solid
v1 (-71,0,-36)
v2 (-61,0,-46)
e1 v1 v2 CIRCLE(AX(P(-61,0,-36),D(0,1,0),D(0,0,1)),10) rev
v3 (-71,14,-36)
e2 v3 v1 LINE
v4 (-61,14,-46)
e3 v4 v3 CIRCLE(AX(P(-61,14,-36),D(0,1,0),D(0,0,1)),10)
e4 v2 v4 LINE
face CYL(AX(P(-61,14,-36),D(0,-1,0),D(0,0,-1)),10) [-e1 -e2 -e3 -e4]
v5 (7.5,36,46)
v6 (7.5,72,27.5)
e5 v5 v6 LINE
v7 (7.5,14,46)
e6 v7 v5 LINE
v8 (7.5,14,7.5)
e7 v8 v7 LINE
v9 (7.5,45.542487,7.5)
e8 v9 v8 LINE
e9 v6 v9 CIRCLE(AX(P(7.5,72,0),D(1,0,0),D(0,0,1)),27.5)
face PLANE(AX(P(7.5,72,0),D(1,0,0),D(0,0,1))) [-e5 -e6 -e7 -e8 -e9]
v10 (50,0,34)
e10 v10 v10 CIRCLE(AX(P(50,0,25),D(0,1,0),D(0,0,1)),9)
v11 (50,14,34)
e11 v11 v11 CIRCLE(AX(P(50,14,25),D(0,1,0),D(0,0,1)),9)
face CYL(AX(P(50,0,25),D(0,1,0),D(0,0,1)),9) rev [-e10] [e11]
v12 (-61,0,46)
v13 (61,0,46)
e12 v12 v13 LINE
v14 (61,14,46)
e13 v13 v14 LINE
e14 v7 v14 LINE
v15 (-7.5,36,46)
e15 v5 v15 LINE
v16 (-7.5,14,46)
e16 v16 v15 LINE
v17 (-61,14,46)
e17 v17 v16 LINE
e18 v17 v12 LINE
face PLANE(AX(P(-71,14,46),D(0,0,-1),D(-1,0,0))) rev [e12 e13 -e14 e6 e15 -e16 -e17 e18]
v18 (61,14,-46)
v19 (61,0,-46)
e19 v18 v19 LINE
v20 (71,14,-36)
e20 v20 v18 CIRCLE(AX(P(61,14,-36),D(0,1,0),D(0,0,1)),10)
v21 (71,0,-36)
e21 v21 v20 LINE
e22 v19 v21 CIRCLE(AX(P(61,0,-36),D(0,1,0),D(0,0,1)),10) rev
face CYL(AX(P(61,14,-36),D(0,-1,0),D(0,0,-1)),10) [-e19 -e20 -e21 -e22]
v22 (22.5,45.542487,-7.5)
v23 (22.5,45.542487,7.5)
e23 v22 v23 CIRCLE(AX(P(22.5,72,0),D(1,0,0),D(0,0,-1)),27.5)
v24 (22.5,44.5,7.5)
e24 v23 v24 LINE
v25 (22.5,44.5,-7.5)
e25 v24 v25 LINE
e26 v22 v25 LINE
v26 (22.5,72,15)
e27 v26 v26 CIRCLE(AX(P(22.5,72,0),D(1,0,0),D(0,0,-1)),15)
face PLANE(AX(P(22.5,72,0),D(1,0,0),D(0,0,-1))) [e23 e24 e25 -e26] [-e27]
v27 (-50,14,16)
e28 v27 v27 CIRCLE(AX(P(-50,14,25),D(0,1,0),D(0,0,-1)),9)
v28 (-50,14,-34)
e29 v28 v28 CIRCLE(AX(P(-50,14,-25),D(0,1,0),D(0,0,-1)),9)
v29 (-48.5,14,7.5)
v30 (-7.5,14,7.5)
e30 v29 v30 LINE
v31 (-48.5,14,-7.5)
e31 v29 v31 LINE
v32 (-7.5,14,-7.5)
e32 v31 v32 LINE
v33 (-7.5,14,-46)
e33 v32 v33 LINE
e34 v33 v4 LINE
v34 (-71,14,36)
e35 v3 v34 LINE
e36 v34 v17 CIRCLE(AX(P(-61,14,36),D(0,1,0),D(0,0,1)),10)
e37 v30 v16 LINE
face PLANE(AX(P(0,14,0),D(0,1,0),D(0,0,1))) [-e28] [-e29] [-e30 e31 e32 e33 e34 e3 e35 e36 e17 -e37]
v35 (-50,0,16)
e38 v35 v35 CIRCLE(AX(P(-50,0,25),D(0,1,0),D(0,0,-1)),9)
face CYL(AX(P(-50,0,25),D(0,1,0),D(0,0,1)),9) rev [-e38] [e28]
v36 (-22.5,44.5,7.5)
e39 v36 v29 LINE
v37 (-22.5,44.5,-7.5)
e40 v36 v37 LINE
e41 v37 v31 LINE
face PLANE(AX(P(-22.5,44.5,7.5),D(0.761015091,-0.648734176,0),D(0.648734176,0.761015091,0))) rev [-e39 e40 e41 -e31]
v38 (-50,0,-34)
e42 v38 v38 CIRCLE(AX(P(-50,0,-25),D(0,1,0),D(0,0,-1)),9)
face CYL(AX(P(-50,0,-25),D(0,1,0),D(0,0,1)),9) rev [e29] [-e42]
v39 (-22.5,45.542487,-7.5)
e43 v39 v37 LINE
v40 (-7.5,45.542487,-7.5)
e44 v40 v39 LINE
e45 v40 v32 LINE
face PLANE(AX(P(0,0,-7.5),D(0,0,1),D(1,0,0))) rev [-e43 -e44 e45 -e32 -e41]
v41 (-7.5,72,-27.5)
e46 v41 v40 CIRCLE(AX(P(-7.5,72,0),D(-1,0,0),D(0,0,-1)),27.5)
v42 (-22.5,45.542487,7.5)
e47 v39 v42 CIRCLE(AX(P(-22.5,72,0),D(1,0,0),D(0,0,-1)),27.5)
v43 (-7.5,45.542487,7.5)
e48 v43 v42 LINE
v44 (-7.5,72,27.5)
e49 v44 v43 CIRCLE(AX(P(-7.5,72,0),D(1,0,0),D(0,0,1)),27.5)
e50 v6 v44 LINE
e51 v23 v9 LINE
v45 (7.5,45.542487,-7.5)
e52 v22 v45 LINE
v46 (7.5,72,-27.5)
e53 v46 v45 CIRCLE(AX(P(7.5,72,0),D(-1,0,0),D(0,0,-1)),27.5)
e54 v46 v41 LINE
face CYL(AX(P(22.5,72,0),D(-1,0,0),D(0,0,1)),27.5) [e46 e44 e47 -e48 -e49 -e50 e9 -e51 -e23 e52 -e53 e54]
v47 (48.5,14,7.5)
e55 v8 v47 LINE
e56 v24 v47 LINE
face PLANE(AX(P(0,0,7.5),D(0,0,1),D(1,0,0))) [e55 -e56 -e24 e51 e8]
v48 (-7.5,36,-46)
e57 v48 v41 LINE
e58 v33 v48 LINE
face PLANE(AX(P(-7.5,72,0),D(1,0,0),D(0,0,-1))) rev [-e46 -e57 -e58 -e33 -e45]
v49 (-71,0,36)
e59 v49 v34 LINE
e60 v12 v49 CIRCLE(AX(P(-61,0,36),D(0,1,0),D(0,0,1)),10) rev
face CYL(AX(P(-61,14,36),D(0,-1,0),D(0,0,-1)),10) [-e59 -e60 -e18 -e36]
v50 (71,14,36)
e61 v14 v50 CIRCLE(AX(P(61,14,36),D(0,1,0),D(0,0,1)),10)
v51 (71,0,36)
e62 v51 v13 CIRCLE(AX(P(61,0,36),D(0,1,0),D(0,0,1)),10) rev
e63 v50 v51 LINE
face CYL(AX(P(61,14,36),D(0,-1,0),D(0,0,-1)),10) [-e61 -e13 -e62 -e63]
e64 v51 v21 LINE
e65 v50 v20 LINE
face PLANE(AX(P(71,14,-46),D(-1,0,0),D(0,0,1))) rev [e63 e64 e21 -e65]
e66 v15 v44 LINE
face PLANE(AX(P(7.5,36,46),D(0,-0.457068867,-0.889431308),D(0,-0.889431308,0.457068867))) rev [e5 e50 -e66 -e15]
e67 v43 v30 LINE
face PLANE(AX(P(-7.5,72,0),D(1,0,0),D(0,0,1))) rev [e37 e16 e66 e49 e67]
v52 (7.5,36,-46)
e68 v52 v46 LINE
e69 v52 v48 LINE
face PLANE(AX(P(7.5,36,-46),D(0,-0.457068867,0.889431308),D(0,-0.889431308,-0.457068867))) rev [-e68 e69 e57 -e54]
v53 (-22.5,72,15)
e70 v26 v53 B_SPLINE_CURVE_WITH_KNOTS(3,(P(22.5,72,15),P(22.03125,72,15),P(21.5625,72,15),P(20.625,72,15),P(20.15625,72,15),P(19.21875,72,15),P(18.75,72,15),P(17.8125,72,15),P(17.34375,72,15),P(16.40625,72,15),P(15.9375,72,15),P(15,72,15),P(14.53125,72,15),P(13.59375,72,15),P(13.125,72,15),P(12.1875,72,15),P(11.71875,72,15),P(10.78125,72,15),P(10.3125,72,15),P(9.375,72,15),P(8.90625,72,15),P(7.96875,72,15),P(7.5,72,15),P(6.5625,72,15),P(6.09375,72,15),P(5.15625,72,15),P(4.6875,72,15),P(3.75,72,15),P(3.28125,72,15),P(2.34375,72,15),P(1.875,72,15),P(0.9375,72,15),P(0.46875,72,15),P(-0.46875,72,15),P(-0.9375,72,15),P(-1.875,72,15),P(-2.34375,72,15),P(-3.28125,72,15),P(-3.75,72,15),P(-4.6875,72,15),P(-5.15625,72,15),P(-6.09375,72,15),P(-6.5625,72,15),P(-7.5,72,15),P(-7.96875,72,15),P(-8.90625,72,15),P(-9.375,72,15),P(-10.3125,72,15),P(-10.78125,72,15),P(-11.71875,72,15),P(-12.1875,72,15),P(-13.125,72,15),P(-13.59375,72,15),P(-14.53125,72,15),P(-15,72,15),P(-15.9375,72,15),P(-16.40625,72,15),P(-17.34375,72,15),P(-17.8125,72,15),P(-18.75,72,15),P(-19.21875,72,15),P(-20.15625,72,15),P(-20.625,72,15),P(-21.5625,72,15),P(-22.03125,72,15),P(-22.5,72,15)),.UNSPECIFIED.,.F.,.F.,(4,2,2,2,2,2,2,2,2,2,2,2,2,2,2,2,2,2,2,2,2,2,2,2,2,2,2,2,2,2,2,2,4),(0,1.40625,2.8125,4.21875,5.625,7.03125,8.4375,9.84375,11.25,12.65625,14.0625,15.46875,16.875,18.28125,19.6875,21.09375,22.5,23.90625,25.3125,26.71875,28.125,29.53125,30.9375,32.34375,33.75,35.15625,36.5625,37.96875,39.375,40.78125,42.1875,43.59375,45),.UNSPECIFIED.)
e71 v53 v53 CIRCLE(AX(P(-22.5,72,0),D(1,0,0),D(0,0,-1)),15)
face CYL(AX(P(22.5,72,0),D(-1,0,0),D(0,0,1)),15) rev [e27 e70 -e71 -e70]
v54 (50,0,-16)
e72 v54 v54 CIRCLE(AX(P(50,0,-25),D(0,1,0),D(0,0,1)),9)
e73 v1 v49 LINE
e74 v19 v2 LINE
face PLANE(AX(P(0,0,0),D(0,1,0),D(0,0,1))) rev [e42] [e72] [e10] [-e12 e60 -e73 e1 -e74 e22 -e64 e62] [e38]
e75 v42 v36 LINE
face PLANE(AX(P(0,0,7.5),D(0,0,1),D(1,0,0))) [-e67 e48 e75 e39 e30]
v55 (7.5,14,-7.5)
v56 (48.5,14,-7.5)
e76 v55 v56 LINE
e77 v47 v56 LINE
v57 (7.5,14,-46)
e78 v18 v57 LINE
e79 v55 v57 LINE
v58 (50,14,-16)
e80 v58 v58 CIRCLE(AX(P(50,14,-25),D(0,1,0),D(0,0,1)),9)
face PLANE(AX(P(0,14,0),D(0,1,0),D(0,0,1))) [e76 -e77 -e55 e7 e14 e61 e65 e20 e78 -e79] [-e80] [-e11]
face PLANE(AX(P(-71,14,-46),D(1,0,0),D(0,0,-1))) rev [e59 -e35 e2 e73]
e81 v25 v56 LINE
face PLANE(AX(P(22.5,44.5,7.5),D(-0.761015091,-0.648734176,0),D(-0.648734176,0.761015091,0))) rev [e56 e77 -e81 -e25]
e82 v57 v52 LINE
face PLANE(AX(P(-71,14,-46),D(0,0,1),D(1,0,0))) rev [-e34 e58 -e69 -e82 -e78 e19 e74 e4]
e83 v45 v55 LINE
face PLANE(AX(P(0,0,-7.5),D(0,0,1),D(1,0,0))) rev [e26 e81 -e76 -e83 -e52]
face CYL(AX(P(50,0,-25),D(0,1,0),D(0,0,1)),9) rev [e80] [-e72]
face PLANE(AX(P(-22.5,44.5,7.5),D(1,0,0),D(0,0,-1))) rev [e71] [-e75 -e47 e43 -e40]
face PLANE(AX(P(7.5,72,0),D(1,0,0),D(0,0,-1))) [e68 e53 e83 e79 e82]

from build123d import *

# Parameters (mm, degrees)
SKETCH1_W           = 142
SKETCH1_H           = 92
BOSS_EXTRUDE1_DEPTH = 14
FILLET1_R           = 10
SKETCH2_R           = 27.5
SKETCH2_R_2         = 15
BOSS_EXTRUDE2_DEPTH = 22.5
BOSS_EXTRUDE3_DEPTH = 7.5
BOSS_EXTRUDE4_DEPTH = 7.5
SKETCH5_R           = 9
CUT_EXTRUDE1_DEPTH  = 121.279881942


with BuildPart() as part:
    # Sketch1 → Boss-Extrude1 (new body)
    with BuildSketch(Plane(origin=(0, 0, 0), x_dir=(1, 0, 0), z_dir=(0, 1, 0))):
        Rectangle(SKETCH1_W, SKETCH1_H)
    extrude(amount=BOSS_EXTRUDE1_DEPTH)

    # Fillet1
    fillet1_edges = [part.edges().sort_by_distance(p)[0] for p in [
        (-71, 7, -46),
        (71, 7, -46),
        (71, 7, 46),
        (-71, 7, 46),
    ]]
    fillet(fillet1_edges, radius=FILLET1_R)



with BuildPart() as body_2:
    # Sketch2 → Boss-Extrude2 (new, symmetric)
    with BuildSketch(Plane(origin=(0, 0, 0), x_dir=(0, 0, -1), z_dir=(1, 0, 0))):
        with Locations(Location((0, 72, 0), (0, 0, 180))):
            Circle(SKETCH2_R)
        with Locations(Location((0, 72, 0), (0, 0, 180))):
            Circle(SKETCH2_R_2, mode=Mode.SUBTRACT)
    extrude(amount=BOSS_EXTRUDE2_DEPTH, both=True)


with BuildPart() as part_1:
    add(part.part)

    add(body_2.part)  # Boss-Extrude3 merges body 2
    # Sketch3 → Boss-Extrude3 (add, symmetric)
    with BuildSketch(Plane.XY):
        Polygon((0, 49.5), (-22.5, 49.5), (-22.5, 44.5), (-48.5, 14), (-48.5, 6.529967444), (0, 6.529967444), (0, 44.5), align=None)
    extrude(amount=BOSS_EXTRUDE3_DEPTH, both=True)

    # Mirror1: part across plane


with BuildPart() as part_2:
    add(part_1.part)
    add(part_1.part.mirror(Plane(origin=(0, 0, 0), x_dir=(0, 0, 1), z_dir=(1, 0, 0))))

    # Sketch4 → Boss-Extrude4 (add, symmetric)
    with BuildSketch(Plane(origin=(0, 0, 0), x_dir=(0, 0, -1), z_dir=(1, 0, 0))):
        with BuildLine():
            Line((7.5, 14), (36, 14))
            Line((36, 14), (46, 14))
            Line((46, 14), (46, 36))
            Line((46, 36), (27.5, 72))
            ThreePointArc((27.5, 72), (21.937410968, 55.416876048), (7.5, 45.542486889))
            Line((7.5, 45.542486889), (7.5, 44.5))
            Line((7.5, 44.5), (7.5, 14))
        make_face()
    extrude(amount=BOSS_EXTRUDE4_DEPTH, both=True)

    # Mirror3: part across plane


with BuildPart() as part_3:
    add(part_2.part)
    add(part_2.part.mirror(Plane.XY))

    # Sketch5 → Cut-Extrude1 (cut, through all)
    with BuildSketch(Plane(origin=(0, 14, 0), x_dir=(1, 0, 0), z_dir=(0, 1, 0))):
        with Locations(Location((50, -25, 0), (0, 0, 270))):
            Circle(SKETCH5_R)
        with Locations(Location((50, 25, 0), (0, 0, 270))):
            Circle(SKETCH5_R)
        with Locations(Location((-50, 25, 0), (0, 0, 90))):
            Circle(SKETCH5_R)
        with Locations(Location((-50, -25, 0), (0, 0, 90))):
            Circle(SKETCH5_R)
    extrude(amount=-CUT_EXTRUDE1_DEPTH, mode=Mode.SUBTRACT)


solid = part_3.part
